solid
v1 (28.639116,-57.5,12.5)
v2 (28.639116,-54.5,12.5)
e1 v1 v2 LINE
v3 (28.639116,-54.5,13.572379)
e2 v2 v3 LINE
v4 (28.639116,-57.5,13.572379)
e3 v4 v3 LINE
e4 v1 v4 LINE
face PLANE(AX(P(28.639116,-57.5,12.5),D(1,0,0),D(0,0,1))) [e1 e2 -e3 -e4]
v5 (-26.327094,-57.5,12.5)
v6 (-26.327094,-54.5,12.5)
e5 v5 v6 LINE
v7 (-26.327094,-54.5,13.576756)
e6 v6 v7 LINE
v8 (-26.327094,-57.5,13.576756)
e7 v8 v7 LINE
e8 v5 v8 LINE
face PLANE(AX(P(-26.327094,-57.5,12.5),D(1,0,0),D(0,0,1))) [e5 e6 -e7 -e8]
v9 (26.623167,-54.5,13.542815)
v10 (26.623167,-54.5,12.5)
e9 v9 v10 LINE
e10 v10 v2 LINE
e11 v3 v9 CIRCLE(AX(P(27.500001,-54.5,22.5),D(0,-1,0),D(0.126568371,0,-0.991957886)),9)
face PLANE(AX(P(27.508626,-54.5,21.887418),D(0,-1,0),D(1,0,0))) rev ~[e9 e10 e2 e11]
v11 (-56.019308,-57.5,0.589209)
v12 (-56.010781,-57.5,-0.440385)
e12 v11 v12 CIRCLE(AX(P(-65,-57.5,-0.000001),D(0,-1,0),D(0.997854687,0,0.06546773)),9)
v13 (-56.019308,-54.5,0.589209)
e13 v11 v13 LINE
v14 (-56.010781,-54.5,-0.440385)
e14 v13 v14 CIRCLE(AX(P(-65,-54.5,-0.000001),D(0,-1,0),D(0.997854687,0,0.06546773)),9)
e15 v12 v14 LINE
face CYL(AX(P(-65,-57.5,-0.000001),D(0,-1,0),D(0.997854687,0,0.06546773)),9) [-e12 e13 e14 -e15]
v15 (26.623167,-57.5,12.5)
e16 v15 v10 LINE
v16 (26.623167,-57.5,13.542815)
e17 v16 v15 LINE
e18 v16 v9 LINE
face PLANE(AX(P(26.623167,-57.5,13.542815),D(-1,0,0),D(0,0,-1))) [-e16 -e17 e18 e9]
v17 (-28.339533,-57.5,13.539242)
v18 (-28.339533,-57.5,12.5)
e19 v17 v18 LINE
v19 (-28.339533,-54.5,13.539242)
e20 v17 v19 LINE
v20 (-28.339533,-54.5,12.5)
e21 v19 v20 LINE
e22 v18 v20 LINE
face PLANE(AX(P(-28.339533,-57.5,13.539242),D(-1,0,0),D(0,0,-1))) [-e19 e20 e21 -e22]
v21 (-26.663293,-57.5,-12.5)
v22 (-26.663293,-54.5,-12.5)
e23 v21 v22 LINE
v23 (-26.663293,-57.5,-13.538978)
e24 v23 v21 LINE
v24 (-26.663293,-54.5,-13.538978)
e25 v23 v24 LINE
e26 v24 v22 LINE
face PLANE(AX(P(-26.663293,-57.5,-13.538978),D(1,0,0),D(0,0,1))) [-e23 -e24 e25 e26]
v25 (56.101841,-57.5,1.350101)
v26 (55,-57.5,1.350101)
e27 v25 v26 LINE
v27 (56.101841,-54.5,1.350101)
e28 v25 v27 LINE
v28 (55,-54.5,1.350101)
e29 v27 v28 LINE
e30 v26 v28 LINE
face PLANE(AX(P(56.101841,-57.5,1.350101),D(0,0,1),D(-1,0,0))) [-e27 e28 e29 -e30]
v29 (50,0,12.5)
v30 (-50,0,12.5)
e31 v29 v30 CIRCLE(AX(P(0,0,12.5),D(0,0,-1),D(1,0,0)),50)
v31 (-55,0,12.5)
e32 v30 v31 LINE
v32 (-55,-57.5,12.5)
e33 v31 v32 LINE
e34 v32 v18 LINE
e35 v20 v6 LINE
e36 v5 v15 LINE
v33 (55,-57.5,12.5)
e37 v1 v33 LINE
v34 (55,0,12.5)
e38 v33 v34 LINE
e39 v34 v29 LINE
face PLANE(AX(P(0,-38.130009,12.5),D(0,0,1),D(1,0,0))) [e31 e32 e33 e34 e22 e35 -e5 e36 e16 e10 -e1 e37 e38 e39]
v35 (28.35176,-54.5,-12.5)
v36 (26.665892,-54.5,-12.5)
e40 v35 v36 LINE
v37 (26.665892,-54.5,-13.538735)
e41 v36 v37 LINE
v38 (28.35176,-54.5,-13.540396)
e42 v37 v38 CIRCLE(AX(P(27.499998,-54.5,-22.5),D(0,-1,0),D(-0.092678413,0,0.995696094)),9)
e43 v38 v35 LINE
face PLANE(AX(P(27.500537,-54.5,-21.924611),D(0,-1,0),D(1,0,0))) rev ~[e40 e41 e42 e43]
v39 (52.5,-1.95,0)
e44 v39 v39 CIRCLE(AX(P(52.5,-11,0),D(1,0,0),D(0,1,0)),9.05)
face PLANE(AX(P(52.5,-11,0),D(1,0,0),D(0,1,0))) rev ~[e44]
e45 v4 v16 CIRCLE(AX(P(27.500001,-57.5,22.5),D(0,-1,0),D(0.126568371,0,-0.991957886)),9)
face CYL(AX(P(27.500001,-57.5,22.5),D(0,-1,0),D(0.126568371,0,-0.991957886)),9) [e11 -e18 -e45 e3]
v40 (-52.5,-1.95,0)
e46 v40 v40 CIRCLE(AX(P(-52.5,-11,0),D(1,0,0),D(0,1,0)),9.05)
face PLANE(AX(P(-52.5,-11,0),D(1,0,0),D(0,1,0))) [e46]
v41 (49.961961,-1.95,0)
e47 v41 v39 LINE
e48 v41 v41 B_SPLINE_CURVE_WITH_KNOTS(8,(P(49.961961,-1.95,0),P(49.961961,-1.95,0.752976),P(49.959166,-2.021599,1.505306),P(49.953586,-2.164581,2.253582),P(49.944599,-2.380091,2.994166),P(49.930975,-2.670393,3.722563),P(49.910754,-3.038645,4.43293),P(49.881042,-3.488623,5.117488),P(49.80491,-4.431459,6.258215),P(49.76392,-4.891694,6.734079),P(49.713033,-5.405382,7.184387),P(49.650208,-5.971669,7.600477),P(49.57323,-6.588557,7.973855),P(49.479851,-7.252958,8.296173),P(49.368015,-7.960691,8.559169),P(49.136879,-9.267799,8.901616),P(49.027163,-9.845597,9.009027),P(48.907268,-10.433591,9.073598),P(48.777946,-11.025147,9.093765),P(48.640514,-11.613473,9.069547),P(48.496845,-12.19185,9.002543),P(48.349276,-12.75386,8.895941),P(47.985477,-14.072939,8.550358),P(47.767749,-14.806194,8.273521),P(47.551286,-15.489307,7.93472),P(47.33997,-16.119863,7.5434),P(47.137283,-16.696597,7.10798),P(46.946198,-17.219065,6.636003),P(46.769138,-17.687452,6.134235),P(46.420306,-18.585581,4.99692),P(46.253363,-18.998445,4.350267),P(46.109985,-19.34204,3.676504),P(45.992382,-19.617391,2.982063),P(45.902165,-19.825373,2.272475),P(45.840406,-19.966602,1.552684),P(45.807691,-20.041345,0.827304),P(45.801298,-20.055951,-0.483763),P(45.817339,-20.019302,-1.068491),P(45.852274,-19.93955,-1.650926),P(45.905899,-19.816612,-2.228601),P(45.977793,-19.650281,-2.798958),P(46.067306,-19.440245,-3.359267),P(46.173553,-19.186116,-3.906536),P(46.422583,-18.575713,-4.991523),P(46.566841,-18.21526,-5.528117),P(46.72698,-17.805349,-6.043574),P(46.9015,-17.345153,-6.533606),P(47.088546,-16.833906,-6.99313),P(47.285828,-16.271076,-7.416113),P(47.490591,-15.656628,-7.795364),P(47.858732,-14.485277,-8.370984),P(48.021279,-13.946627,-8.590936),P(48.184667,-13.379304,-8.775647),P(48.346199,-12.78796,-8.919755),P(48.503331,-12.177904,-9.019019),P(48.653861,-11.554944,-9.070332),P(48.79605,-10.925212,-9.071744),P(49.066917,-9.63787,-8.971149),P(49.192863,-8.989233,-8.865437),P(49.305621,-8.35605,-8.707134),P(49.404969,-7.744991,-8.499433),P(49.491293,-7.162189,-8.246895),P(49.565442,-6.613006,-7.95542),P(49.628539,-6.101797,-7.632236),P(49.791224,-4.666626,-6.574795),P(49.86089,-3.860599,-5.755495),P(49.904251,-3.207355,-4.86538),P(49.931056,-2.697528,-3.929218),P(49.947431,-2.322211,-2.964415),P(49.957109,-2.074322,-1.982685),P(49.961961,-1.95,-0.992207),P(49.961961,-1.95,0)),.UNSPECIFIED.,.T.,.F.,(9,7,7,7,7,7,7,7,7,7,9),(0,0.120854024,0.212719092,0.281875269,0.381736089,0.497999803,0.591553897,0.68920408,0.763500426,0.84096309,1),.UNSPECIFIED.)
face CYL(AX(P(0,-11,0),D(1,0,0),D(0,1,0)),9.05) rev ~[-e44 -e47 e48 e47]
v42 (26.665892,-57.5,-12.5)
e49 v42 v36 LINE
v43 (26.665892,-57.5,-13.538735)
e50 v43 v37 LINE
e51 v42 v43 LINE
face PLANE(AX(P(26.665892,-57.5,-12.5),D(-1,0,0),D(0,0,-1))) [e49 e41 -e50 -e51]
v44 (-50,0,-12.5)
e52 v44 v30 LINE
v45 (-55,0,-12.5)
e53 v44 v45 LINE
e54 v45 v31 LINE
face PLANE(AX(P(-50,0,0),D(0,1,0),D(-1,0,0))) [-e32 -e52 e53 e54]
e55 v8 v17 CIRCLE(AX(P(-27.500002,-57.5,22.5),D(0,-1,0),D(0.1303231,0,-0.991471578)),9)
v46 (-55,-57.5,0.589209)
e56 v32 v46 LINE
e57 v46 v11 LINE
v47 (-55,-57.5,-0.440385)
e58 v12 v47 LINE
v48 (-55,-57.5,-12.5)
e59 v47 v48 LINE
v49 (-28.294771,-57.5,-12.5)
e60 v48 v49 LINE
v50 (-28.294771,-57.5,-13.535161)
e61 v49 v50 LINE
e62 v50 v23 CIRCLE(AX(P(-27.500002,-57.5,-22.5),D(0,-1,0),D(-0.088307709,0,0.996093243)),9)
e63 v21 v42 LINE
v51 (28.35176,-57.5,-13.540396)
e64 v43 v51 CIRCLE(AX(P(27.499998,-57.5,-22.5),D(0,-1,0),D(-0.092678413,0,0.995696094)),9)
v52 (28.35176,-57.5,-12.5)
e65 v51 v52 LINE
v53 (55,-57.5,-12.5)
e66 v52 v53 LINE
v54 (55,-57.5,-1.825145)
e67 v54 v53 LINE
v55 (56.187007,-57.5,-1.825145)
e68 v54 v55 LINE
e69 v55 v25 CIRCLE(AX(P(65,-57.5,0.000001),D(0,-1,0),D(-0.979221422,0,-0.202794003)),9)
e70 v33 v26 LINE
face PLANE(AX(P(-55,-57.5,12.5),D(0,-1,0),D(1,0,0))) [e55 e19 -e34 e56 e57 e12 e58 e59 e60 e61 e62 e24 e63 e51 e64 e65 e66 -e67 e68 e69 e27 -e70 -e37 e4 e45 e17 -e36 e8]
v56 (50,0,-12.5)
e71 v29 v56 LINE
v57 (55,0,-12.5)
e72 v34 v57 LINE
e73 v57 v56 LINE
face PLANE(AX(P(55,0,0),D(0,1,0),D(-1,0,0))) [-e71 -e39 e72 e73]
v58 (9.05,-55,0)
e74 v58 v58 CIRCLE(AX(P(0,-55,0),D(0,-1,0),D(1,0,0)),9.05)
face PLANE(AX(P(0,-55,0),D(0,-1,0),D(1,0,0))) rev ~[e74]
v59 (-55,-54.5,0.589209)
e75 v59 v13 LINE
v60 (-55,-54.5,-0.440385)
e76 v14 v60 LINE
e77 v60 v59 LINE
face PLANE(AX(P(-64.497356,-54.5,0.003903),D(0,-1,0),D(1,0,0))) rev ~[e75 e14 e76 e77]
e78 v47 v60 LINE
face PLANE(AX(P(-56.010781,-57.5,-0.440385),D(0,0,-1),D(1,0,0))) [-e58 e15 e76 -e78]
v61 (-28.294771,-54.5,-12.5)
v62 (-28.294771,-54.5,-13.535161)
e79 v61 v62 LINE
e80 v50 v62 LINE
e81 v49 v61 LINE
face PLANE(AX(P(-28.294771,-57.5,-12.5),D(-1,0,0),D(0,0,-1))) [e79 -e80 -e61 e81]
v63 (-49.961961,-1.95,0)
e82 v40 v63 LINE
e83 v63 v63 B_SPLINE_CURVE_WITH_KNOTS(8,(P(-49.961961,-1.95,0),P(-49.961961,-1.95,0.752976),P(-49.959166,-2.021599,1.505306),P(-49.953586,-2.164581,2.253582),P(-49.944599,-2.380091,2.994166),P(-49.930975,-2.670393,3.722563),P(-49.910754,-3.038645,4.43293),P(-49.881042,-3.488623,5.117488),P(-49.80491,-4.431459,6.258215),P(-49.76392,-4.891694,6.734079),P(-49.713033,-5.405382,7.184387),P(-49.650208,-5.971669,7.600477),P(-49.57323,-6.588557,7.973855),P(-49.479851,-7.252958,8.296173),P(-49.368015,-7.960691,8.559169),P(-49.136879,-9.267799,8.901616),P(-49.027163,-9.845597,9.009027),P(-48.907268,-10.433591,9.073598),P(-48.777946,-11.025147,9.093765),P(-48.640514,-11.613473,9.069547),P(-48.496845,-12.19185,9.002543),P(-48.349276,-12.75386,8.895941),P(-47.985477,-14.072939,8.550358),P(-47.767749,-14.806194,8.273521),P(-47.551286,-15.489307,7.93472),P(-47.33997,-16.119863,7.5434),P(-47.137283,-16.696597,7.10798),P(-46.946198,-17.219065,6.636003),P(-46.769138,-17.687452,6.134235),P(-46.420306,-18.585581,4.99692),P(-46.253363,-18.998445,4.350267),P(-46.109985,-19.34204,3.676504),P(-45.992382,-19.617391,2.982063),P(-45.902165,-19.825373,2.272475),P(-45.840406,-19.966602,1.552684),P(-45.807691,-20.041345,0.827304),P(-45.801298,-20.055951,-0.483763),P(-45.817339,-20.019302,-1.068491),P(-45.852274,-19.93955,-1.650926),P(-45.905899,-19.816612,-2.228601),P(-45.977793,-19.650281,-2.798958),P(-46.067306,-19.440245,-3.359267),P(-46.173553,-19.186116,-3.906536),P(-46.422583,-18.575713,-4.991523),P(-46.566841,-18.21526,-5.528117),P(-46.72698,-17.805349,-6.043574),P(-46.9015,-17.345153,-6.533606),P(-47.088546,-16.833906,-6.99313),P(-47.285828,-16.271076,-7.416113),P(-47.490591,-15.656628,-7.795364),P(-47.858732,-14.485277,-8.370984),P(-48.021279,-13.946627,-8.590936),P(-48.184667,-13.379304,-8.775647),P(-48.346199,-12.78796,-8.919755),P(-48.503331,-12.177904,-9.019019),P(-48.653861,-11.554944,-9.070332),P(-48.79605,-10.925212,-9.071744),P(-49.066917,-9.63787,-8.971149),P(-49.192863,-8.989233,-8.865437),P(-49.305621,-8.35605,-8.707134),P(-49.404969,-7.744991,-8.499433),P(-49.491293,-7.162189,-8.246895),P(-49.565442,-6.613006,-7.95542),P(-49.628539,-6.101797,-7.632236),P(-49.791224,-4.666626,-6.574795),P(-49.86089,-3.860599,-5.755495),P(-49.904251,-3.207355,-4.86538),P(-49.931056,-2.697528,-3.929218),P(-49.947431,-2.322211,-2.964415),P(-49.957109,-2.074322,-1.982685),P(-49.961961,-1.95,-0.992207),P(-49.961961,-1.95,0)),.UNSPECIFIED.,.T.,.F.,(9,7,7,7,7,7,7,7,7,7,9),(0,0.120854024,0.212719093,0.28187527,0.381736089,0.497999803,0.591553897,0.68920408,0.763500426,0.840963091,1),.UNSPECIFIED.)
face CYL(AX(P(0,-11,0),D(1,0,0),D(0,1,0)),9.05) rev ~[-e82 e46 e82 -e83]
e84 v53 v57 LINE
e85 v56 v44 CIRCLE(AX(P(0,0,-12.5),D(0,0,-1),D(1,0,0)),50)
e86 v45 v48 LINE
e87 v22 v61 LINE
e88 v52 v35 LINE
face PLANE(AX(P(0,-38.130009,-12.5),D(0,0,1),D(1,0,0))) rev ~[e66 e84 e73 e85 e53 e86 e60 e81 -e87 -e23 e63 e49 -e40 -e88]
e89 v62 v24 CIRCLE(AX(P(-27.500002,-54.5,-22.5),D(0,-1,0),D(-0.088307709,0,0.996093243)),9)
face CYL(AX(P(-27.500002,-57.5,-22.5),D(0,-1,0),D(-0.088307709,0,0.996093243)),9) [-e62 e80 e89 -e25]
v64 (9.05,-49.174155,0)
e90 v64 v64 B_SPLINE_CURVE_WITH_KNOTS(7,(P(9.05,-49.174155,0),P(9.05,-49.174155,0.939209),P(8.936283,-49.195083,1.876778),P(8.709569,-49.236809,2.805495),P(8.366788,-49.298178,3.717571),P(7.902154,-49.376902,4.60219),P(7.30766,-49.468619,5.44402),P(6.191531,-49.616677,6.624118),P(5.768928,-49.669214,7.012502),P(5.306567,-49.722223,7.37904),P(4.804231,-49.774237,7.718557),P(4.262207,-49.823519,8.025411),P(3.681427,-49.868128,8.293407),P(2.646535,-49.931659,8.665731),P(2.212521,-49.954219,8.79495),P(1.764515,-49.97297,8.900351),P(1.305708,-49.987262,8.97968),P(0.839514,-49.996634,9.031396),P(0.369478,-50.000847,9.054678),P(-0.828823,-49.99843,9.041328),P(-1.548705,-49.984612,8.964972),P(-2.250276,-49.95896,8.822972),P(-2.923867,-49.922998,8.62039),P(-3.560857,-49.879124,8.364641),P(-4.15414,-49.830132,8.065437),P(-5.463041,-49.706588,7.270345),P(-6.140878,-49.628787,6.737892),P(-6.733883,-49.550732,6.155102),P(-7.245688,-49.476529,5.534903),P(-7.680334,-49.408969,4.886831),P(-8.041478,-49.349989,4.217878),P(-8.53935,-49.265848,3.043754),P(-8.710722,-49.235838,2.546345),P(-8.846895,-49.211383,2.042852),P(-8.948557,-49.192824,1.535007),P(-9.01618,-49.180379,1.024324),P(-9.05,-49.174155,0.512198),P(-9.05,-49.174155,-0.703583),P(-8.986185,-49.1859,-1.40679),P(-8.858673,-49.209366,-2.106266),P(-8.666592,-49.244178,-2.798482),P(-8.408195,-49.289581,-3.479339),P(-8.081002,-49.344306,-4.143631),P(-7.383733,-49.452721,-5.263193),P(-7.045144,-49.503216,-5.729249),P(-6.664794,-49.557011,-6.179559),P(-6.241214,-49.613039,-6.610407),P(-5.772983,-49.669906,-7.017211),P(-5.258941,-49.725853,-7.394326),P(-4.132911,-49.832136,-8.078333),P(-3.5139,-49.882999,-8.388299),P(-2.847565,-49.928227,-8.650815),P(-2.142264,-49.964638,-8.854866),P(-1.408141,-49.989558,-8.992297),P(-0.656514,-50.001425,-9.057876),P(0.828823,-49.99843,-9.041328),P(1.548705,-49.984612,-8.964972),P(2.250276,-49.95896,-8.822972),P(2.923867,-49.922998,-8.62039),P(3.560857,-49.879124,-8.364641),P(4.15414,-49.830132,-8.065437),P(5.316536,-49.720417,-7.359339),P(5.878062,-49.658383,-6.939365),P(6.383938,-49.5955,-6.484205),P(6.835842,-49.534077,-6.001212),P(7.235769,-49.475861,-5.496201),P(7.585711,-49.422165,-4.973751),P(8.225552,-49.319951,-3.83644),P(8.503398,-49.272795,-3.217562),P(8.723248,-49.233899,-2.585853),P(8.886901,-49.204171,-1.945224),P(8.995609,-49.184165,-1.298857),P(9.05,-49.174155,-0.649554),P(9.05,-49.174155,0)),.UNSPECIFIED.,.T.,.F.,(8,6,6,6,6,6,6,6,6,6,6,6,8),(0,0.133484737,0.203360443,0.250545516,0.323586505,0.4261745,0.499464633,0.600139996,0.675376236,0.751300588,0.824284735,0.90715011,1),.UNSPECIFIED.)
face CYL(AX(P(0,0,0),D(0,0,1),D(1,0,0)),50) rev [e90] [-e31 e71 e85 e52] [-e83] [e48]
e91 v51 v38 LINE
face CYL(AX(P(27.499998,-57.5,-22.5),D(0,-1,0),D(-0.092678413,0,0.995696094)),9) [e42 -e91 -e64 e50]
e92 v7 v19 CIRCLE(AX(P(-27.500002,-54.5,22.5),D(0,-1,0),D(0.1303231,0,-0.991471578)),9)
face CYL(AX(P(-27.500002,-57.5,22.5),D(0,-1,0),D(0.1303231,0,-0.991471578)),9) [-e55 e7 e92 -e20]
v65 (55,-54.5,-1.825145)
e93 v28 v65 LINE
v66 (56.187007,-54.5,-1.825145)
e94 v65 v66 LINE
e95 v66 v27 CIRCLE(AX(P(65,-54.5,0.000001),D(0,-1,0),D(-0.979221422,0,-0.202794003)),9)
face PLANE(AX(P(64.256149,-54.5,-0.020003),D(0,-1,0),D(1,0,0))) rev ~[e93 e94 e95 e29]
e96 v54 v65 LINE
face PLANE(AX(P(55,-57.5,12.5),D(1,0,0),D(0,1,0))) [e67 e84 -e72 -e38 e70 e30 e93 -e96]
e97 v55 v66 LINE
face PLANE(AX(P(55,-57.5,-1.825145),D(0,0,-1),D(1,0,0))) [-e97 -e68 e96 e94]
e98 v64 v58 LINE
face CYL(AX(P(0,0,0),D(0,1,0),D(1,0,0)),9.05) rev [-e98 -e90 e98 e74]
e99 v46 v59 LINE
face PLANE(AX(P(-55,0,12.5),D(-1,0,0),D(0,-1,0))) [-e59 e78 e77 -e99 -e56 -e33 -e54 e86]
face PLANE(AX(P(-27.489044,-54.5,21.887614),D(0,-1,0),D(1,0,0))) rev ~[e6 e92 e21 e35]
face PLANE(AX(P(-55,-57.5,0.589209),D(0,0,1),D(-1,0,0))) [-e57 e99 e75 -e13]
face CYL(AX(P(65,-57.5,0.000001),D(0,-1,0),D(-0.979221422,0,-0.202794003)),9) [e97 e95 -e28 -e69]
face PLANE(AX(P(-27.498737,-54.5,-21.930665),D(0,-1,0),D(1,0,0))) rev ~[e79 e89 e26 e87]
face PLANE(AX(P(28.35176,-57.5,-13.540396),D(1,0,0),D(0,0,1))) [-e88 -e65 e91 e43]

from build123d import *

# Parameters (mm, degrees)
F1_DEPTH = 12.5
F3_DEPTH = 25
F4_R     = 9.05
F5_DEPTH = 55
F6_R     = 9.05
F7_DEPTH = 52.5
F9_DEPTH = 3


with BuildPart() as f1:
    # F0 (on Top) → F1 (new body, symmetric)
    with BuildSketch(Plane.XY):
        with BuildLine():
            ThreePointArc((50, 0), (0, -50), (-50, 0))
            Line((-50, 0), (-55, 0))
            ThreePointArc((-55, 0), (0, -55), (55, 0))
            Line((55, 0), (50, 0))
        make_face()
    extrude(amount=F1_DEPTH, both=True)

    # F2 (on face) → F3 (join)
    with BuildSketch(Plane.XY.offset(12.5)):
        with BuildLine():
            ThreePointArc((55, 0), (0, -55), (-55, 0))
            Line((-55, 0), (-55, -57.5))
            Line((-55, -57.5), (0, -57.5))
            Line((0, -57.5), (55, -57.5))
            Line((55, -57.5), (55, 0))
        make_face()
    extrude(amount=-F3_DEPTH)

    # F4 (on Front) → F5 (cut)
    with BuildSketch(Plane.XZ):
        Circle(F4_R)
    extrude(amount=F5_DEPTH, mode=Mode.SUBTRACT)

    # F6 (on Right) → F7 (cut, symmetric)
    with BuildSketch(Plane.YZ):
        with Locations((-11, 0)):
            Circle(F6_R)
    extrude(amount=F7_DEPTH, both=True, mode=Mode.SUBTRACT)

    # F8 (on face) → F9 (join)
    with BuildSketch(Plane.XZ.offset(57.5)):
        with BuildLine():
            Line((55, -1.825145), (56.187007, -1.825145))
            ThreePointArc((56.187007, -1.825145), (73.996764, 0.241309), (56.101841, 1.350101))
            Line((56.101841, 1.350101), (55, 1.350101))
            Line((55, 1.350101), (55, -1.825145))
        make_face()
        with BuildLine():
            Line((-55, 0.589209), (-56.019308, 0.589209))
            ThreePointArc((-56.019308, 0.589209), (-73.999691, -0.074534), (-56.010781, -0.440385))
            Line((-56.010781, -0.440385), (-55, -0.440385))
            Line((-55, -0.440385), (-55, 0.589209))
        make_face()
        with BuildLine():
            Line((26.665892, -12.5), (26.665892, -13.538735))
            ThreePointArc((26.665892, -13.538735), (27.491135, -31.499996), (28.35176, -13.540396))
            Line((28.35176, -13.540396), (28.35176, -12.5))
            Line((28.35176, -12.5), (26.665892, -12.5))
        make_face()
        with BuildLine():
            Line((-28.294771, -12.5), (-28.294771, -13.535161))
            ThreePointArc((-28.294771, -13.535161), (-27.521055, -31.499975), (-26.663293, -13.538978))
            Line((-26.663293, -13.538978), (-26.663293, -12.5))
            Line((-26.663293, -12.5), (-28.294771, -12.5))
        make_face()
        with BuildLine():
            Line((-26.327094, 12.5), (-26.327094, 13.576756))
            ThreePointArc((-26.327094, 13.576756), (-27.667739, 31.498437), (-28.339533, 13.539242))
            Line((-28.339533, 13.539242), (-28.339533, 12.5))
            Line((-28.339533, 12.5), (-26.327094, 12.5))
        make_face()
        with BuildLine():
            Line((28.639116, 12.5), (28.639116, 13.572379))
            ThreePointArc((28.639116, 13.572379), (27.368028, 31.499032), (26.623167, 13.542815))
            Line((26.623167, 13.542815), (26.623167, 12.5))
            Line((26.623167, 12.5), (28.639116, 12.5))
        make_face()
    extrude(amount=-F9_DEPTH)


solid = f1.part
